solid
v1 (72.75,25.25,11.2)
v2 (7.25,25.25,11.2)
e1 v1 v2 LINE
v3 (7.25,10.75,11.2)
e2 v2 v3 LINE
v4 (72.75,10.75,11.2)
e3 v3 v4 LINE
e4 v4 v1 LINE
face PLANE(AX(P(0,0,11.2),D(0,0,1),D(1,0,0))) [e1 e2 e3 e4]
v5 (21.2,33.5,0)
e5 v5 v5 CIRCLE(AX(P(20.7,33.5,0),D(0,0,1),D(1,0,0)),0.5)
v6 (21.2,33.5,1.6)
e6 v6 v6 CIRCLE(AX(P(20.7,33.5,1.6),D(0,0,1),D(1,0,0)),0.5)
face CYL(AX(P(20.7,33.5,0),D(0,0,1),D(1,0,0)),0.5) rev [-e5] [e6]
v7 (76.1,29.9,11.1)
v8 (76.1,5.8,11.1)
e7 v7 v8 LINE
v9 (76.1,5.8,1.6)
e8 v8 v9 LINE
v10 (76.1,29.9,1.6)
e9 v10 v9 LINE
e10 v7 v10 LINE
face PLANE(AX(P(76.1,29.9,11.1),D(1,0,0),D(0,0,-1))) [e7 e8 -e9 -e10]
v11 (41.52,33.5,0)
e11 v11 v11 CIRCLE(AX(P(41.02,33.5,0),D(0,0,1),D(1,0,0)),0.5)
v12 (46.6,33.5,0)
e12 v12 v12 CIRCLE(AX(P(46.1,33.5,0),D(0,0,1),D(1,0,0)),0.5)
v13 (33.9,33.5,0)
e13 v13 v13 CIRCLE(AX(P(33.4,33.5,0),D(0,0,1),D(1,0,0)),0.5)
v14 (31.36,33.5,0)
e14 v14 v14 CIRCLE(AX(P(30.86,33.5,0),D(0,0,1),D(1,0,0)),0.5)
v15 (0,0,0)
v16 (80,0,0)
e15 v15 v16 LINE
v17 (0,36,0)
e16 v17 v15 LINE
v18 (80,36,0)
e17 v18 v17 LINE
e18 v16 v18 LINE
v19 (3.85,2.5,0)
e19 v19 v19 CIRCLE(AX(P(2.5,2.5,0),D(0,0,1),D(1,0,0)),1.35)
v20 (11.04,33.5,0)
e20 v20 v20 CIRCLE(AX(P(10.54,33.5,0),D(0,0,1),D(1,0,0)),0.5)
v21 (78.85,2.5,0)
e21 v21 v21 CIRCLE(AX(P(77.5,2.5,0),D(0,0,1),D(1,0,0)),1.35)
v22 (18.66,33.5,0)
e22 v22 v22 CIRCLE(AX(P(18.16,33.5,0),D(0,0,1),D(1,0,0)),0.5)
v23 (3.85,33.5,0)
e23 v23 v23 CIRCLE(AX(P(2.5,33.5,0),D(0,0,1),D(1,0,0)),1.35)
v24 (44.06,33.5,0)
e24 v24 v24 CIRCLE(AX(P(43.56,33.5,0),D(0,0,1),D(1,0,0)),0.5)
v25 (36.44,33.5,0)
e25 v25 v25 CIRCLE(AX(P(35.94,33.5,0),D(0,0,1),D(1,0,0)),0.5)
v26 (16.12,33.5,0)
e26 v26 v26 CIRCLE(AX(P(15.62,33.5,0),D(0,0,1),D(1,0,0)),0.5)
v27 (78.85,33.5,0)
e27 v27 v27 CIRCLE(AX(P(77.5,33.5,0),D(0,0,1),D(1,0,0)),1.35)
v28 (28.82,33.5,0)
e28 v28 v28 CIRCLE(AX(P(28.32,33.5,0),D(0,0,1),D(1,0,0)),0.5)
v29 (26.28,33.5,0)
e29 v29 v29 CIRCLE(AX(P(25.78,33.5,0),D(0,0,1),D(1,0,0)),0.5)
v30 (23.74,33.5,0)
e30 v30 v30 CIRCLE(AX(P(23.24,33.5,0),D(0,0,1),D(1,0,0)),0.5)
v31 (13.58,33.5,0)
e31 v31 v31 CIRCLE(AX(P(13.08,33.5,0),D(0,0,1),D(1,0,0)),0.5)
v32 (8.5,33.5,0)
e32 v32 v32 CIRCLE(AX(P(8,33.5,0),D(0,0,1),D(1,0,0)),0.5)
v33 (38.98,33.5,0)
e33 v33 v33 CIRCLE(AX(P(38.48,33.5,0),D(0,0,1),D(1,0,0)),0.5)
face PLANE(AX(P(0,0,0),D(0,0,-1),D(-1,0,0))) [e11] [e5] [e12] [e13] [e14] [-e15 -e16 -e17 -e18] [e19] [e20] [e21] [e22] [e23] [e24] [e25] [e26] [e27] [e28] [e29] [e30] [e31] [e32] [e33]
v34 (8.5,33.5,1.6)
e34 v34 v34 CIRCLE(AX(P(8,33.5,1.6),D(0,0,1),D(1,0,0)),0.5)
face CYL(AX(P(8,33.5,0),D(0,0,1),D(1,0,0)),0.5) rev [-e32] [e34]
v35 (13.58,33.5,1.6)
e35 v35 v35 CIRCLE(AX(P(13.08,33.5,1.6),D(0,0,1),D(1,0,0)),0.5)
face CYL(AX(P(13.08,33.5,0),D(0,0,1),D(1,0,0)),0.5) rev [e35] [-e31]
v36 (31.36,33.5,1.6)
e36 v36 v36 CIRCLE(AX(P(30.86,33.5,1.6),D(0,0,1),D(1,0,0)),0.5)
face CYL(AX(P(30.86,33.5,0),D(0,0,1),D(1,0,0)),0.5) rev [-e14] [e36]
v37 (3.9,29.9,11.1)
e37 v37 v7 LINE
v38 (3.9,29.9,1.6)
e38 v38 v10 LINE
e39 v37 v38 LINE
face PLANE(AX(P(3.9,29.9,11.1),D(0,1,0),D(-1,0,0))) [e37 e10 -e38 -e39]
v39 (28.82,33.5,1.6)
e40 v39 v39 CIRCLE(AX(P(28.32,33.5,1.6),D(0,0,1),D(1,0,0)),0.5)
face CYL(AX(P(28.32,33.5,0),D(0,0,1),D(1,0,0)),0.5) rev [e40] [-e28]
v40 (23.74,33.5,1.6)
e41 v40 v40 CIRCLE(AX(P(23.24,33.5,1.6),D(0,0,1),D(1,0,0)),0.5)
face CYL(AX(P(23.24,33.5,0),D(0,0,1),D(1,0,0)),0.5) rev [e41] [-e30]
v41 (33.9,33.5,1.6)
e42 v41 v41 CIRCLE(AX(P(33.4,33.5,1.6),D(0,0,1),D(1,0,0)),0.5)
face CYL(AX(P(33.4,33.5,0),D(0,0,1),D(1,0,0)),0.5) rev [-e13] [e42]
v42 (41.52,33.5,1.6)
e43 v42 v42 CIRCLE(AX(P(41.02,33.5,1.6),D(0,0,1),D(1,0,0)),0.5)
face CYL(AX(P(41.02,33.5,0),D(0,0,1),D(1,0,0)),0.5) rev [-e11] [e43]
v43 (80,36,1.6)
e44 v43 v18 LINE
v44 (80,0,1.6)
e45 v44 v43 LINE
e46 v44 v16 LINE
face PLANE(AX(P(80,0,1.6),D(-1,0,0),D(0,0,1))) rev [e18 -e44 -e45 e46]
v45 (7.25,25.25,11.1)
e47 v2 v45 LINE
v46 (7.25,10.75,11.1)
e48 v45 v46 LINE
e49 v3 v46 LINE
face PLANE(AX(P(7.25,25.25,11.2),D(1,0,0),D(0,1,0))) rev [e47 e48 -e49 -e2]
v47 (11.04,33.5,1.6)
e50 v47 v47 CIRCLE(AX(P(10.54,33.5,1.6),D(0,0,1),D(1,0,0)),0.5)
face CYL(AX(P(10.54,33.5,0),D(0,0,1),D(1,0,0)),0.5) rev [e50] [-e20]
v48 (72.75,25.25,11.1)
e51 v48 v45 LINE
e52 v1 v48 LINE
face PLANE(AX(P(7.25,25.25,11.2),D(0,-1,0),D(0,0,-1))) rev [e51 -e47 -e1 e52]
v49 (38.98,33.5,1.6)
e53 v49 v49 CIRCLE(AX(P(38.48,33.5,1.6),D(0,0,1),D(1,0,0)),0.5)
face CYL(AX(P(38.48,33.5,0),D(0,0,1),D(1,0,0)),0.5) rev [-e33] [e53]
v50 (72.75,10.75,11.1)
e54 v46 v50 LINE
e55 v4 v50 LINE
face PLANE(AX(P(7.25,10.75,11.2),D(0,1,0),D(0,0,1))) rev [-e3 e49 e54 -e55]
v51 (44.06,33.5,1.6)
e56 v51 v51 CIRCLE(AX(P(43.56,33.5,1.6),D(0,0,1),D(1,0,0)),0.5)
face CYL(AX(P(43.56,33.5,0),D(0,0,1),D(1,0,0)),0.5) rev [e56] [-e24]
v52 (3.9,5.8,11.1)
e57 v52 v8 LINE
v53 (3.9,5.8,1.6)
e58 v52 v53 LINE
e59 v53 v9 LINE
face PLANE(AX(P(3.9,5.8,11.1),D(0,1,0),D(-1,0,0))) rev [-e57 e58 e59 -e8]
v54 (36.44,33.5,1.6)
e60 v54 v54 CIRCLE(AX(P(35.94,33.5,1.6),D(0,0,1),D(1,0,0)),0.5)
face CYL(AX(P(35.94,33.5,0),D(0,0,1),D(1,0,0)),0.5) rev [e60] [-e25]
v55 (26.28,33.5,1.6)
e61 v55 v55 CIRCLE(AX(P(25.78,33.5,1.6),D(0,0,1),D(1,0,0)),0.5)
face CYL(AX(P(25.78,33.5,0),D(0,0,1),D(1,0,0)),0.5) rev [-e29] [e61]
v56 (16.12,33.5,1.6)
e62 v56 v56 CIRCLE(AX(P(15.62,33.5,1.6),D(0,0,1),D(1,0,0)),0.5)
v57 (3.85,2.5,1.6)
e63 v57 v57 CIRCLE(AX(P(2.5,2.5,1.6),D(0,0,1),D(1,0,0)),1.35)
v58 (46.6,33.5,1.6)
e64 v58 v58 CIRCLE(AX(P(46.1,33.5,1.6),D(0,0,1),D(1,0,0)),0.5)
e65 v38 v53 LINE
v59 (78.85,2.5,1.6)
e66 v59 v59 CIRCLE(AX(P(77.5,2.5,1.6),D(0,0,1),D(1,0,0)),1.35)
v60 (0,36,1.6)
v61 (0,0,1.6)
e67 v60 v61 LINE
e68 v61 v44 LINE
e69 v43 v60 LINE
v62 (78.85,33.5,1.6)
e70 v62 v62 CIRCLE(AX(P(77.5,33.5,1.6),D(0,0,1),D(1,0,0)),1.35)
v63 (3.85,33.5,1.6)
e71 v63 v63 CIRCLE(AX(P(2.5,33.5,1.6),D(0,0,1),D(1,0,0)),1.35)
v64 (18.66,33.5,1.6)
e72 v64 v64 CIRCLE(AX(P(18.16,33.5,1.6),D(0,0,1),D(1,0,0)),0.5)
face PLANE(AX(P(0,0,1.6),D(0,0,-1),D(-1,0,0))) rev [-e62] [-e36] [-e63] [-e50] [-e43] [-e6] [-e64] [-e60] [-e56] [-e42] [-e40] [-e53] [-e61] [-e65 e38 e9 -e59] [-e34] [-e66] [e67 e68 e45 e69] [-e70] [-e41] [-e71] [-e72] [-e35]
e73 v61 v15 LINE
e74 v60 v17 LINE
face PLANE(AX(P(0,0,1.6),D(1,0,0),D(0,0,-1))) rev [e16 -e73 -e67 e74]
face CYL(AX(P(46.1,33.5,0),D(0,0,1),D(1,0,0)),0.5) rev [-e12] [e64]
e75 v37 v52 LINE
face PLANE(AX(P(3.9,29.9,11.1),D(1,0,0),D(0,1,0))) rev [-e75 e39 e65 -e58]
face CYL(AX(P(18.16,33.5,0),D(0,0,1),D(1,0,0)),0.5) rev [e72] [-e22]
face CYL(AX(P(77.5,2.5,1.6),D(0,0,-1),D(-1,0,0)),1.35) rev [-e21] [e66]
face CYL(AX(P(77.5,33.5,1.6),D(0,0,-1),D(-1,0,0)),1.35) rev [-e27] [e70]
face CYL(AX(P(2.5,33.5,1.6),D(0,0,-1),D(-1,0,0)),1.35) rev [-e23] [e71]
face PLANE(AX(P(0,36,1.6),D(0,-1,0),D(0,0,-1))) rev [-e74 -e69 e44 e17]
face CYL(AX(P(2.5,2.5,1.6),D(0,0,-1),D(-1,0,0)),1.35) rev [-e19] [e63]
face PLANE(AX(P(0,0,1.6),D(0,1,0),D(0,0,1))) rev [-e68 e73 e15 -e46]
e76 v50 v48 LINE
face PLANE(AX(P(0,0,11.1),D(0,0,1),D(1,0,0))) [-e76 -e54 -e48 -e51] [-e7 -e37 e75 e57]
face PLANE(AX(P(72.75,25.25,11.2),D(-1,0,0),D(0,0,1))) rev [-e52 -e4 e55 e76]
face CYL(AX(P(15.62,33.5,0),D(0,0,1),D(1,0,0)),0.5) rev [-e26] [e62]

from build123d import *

# Parameters (mm, degrees)
ESBO_O1_W                = 80
ESBO_O1_H                = 36
ESBO_O1_R                = 1.35
RESSALTO_EXTRUS_O1_DEPTH = 1.6
ESBO_O4_W                = 65.5
ESBO_O4_H                = 14.5
RESSALTO_EXTRUS_O2_DEPTH = 9.6
ESBO_O3_W                = 72.2
ESBO_O3_H                = 24.1
RESSALTO_EXTRUS_O3_DEPTH = 9.5
ESBO_O5_R                = 0.5
CORTE_EXTRUS_O1_DEPTH    = 2.6


with BuildPart() as part:
    # Esboço1 → Ressalto-extrusão1 (new body)
    with BuildSketch(Plane.XY):
        with Locations((40, 18)):
            Rectangle(ESBO_O1_W, ESBO_O1_H)
        with Locations((2.5, 33.5)):
            Circle(ESBO_O1_R, mode=Mode.SUBTRACT)
        with Locations((2.5, 2.5)):
            Circle(ESBO_O1_R, mode=Mode.SUBTRACT)
        with Locations((77.5, 33.5)):
            Circle(ESBO_O1_R, mode=Mode.SUBTRACT)
        with Locations((77.5, 2.5)):
            Circle(ESBO_O1_R, mode=Mode.SUBTRACT)
    extrude(amount=RESSALTO_EXTRUS_O1_DEPTH)

    # Esboço4 → Ressalto-extrusão2 (add)
    with BuildSketch(Plane.XY.offset(1.6)):
        with Locations((40, 18)):
            Rectangle(ESBO_O4_W, ESBO_O4_H)
    extrude(amount=RESSALTO_EXTRUS_O2_DEPTH)

    # Esboço3 → Ressalto-extrusão3 (add)
    with BuildSketch(Plane.XY.offset(1.6)):
        with Locations((40, 17.85)):
            Rectangle(ESBO_O3_W, ESBO_O3_H)
    extrude(amount=RESSALTO_EXTRUS_O3_DEPTH)

    # Esboço5 → Corte-extrusão1 (cut, through all)
    with BuildSketch(Plane.XY.offset(1.6)):
        with Locations((8, 33.5)):
            Circle(ESBO_O5_R)
        with Locations((10.54, 33.5)):
            Circle(ESBO_O5_R)
        with Locations((13.08, 33.5)):
            Circle(ESBO_O5_R)
        with Locations((15.62, 33.5)):
            Circle(ESBO_O5_R)
        with Locations((18.16, 33.5)):
            Circle(ESBO_O5_R)
        with Locations((20.7, 33.5)):
            Circle(ESBO_O5_R)
        with Locations((23.24, 33.5)):
            Circle(ESBO_O5_R)
        with Locations((25.78, 33.5)):
            Circle(ESBO_O5_R)
        with Locations((28.32, 33.5)):
            Circle(ESBO_O5_R)
        with Locations((30.86, 33.5)):
            Circle(ESBO_O5_R)
        with Locations((33.4, 33.5)):
            Circle(ESBO_O5_R)
        with Locations((35.94, 33.5)):
            Circle(ESBO_O5_R)
        with Locations((38.48, 33.5)):
            Circle(ESBO_O5_R)
        with Locations((41.02, 33.5)):
            Circle(ESBO_O5_R)
        with Locations((43.56, 33.5)):
            Circle(ESBO_O5_R)
        with Locations((46.1, 33.5)):
            Circle(ESBO_O5_R)
    extrude(amount=-CORTE_EXTRUS_O1_DEPTH, mode=Mode.SUBTRACT)


solid = part.part
